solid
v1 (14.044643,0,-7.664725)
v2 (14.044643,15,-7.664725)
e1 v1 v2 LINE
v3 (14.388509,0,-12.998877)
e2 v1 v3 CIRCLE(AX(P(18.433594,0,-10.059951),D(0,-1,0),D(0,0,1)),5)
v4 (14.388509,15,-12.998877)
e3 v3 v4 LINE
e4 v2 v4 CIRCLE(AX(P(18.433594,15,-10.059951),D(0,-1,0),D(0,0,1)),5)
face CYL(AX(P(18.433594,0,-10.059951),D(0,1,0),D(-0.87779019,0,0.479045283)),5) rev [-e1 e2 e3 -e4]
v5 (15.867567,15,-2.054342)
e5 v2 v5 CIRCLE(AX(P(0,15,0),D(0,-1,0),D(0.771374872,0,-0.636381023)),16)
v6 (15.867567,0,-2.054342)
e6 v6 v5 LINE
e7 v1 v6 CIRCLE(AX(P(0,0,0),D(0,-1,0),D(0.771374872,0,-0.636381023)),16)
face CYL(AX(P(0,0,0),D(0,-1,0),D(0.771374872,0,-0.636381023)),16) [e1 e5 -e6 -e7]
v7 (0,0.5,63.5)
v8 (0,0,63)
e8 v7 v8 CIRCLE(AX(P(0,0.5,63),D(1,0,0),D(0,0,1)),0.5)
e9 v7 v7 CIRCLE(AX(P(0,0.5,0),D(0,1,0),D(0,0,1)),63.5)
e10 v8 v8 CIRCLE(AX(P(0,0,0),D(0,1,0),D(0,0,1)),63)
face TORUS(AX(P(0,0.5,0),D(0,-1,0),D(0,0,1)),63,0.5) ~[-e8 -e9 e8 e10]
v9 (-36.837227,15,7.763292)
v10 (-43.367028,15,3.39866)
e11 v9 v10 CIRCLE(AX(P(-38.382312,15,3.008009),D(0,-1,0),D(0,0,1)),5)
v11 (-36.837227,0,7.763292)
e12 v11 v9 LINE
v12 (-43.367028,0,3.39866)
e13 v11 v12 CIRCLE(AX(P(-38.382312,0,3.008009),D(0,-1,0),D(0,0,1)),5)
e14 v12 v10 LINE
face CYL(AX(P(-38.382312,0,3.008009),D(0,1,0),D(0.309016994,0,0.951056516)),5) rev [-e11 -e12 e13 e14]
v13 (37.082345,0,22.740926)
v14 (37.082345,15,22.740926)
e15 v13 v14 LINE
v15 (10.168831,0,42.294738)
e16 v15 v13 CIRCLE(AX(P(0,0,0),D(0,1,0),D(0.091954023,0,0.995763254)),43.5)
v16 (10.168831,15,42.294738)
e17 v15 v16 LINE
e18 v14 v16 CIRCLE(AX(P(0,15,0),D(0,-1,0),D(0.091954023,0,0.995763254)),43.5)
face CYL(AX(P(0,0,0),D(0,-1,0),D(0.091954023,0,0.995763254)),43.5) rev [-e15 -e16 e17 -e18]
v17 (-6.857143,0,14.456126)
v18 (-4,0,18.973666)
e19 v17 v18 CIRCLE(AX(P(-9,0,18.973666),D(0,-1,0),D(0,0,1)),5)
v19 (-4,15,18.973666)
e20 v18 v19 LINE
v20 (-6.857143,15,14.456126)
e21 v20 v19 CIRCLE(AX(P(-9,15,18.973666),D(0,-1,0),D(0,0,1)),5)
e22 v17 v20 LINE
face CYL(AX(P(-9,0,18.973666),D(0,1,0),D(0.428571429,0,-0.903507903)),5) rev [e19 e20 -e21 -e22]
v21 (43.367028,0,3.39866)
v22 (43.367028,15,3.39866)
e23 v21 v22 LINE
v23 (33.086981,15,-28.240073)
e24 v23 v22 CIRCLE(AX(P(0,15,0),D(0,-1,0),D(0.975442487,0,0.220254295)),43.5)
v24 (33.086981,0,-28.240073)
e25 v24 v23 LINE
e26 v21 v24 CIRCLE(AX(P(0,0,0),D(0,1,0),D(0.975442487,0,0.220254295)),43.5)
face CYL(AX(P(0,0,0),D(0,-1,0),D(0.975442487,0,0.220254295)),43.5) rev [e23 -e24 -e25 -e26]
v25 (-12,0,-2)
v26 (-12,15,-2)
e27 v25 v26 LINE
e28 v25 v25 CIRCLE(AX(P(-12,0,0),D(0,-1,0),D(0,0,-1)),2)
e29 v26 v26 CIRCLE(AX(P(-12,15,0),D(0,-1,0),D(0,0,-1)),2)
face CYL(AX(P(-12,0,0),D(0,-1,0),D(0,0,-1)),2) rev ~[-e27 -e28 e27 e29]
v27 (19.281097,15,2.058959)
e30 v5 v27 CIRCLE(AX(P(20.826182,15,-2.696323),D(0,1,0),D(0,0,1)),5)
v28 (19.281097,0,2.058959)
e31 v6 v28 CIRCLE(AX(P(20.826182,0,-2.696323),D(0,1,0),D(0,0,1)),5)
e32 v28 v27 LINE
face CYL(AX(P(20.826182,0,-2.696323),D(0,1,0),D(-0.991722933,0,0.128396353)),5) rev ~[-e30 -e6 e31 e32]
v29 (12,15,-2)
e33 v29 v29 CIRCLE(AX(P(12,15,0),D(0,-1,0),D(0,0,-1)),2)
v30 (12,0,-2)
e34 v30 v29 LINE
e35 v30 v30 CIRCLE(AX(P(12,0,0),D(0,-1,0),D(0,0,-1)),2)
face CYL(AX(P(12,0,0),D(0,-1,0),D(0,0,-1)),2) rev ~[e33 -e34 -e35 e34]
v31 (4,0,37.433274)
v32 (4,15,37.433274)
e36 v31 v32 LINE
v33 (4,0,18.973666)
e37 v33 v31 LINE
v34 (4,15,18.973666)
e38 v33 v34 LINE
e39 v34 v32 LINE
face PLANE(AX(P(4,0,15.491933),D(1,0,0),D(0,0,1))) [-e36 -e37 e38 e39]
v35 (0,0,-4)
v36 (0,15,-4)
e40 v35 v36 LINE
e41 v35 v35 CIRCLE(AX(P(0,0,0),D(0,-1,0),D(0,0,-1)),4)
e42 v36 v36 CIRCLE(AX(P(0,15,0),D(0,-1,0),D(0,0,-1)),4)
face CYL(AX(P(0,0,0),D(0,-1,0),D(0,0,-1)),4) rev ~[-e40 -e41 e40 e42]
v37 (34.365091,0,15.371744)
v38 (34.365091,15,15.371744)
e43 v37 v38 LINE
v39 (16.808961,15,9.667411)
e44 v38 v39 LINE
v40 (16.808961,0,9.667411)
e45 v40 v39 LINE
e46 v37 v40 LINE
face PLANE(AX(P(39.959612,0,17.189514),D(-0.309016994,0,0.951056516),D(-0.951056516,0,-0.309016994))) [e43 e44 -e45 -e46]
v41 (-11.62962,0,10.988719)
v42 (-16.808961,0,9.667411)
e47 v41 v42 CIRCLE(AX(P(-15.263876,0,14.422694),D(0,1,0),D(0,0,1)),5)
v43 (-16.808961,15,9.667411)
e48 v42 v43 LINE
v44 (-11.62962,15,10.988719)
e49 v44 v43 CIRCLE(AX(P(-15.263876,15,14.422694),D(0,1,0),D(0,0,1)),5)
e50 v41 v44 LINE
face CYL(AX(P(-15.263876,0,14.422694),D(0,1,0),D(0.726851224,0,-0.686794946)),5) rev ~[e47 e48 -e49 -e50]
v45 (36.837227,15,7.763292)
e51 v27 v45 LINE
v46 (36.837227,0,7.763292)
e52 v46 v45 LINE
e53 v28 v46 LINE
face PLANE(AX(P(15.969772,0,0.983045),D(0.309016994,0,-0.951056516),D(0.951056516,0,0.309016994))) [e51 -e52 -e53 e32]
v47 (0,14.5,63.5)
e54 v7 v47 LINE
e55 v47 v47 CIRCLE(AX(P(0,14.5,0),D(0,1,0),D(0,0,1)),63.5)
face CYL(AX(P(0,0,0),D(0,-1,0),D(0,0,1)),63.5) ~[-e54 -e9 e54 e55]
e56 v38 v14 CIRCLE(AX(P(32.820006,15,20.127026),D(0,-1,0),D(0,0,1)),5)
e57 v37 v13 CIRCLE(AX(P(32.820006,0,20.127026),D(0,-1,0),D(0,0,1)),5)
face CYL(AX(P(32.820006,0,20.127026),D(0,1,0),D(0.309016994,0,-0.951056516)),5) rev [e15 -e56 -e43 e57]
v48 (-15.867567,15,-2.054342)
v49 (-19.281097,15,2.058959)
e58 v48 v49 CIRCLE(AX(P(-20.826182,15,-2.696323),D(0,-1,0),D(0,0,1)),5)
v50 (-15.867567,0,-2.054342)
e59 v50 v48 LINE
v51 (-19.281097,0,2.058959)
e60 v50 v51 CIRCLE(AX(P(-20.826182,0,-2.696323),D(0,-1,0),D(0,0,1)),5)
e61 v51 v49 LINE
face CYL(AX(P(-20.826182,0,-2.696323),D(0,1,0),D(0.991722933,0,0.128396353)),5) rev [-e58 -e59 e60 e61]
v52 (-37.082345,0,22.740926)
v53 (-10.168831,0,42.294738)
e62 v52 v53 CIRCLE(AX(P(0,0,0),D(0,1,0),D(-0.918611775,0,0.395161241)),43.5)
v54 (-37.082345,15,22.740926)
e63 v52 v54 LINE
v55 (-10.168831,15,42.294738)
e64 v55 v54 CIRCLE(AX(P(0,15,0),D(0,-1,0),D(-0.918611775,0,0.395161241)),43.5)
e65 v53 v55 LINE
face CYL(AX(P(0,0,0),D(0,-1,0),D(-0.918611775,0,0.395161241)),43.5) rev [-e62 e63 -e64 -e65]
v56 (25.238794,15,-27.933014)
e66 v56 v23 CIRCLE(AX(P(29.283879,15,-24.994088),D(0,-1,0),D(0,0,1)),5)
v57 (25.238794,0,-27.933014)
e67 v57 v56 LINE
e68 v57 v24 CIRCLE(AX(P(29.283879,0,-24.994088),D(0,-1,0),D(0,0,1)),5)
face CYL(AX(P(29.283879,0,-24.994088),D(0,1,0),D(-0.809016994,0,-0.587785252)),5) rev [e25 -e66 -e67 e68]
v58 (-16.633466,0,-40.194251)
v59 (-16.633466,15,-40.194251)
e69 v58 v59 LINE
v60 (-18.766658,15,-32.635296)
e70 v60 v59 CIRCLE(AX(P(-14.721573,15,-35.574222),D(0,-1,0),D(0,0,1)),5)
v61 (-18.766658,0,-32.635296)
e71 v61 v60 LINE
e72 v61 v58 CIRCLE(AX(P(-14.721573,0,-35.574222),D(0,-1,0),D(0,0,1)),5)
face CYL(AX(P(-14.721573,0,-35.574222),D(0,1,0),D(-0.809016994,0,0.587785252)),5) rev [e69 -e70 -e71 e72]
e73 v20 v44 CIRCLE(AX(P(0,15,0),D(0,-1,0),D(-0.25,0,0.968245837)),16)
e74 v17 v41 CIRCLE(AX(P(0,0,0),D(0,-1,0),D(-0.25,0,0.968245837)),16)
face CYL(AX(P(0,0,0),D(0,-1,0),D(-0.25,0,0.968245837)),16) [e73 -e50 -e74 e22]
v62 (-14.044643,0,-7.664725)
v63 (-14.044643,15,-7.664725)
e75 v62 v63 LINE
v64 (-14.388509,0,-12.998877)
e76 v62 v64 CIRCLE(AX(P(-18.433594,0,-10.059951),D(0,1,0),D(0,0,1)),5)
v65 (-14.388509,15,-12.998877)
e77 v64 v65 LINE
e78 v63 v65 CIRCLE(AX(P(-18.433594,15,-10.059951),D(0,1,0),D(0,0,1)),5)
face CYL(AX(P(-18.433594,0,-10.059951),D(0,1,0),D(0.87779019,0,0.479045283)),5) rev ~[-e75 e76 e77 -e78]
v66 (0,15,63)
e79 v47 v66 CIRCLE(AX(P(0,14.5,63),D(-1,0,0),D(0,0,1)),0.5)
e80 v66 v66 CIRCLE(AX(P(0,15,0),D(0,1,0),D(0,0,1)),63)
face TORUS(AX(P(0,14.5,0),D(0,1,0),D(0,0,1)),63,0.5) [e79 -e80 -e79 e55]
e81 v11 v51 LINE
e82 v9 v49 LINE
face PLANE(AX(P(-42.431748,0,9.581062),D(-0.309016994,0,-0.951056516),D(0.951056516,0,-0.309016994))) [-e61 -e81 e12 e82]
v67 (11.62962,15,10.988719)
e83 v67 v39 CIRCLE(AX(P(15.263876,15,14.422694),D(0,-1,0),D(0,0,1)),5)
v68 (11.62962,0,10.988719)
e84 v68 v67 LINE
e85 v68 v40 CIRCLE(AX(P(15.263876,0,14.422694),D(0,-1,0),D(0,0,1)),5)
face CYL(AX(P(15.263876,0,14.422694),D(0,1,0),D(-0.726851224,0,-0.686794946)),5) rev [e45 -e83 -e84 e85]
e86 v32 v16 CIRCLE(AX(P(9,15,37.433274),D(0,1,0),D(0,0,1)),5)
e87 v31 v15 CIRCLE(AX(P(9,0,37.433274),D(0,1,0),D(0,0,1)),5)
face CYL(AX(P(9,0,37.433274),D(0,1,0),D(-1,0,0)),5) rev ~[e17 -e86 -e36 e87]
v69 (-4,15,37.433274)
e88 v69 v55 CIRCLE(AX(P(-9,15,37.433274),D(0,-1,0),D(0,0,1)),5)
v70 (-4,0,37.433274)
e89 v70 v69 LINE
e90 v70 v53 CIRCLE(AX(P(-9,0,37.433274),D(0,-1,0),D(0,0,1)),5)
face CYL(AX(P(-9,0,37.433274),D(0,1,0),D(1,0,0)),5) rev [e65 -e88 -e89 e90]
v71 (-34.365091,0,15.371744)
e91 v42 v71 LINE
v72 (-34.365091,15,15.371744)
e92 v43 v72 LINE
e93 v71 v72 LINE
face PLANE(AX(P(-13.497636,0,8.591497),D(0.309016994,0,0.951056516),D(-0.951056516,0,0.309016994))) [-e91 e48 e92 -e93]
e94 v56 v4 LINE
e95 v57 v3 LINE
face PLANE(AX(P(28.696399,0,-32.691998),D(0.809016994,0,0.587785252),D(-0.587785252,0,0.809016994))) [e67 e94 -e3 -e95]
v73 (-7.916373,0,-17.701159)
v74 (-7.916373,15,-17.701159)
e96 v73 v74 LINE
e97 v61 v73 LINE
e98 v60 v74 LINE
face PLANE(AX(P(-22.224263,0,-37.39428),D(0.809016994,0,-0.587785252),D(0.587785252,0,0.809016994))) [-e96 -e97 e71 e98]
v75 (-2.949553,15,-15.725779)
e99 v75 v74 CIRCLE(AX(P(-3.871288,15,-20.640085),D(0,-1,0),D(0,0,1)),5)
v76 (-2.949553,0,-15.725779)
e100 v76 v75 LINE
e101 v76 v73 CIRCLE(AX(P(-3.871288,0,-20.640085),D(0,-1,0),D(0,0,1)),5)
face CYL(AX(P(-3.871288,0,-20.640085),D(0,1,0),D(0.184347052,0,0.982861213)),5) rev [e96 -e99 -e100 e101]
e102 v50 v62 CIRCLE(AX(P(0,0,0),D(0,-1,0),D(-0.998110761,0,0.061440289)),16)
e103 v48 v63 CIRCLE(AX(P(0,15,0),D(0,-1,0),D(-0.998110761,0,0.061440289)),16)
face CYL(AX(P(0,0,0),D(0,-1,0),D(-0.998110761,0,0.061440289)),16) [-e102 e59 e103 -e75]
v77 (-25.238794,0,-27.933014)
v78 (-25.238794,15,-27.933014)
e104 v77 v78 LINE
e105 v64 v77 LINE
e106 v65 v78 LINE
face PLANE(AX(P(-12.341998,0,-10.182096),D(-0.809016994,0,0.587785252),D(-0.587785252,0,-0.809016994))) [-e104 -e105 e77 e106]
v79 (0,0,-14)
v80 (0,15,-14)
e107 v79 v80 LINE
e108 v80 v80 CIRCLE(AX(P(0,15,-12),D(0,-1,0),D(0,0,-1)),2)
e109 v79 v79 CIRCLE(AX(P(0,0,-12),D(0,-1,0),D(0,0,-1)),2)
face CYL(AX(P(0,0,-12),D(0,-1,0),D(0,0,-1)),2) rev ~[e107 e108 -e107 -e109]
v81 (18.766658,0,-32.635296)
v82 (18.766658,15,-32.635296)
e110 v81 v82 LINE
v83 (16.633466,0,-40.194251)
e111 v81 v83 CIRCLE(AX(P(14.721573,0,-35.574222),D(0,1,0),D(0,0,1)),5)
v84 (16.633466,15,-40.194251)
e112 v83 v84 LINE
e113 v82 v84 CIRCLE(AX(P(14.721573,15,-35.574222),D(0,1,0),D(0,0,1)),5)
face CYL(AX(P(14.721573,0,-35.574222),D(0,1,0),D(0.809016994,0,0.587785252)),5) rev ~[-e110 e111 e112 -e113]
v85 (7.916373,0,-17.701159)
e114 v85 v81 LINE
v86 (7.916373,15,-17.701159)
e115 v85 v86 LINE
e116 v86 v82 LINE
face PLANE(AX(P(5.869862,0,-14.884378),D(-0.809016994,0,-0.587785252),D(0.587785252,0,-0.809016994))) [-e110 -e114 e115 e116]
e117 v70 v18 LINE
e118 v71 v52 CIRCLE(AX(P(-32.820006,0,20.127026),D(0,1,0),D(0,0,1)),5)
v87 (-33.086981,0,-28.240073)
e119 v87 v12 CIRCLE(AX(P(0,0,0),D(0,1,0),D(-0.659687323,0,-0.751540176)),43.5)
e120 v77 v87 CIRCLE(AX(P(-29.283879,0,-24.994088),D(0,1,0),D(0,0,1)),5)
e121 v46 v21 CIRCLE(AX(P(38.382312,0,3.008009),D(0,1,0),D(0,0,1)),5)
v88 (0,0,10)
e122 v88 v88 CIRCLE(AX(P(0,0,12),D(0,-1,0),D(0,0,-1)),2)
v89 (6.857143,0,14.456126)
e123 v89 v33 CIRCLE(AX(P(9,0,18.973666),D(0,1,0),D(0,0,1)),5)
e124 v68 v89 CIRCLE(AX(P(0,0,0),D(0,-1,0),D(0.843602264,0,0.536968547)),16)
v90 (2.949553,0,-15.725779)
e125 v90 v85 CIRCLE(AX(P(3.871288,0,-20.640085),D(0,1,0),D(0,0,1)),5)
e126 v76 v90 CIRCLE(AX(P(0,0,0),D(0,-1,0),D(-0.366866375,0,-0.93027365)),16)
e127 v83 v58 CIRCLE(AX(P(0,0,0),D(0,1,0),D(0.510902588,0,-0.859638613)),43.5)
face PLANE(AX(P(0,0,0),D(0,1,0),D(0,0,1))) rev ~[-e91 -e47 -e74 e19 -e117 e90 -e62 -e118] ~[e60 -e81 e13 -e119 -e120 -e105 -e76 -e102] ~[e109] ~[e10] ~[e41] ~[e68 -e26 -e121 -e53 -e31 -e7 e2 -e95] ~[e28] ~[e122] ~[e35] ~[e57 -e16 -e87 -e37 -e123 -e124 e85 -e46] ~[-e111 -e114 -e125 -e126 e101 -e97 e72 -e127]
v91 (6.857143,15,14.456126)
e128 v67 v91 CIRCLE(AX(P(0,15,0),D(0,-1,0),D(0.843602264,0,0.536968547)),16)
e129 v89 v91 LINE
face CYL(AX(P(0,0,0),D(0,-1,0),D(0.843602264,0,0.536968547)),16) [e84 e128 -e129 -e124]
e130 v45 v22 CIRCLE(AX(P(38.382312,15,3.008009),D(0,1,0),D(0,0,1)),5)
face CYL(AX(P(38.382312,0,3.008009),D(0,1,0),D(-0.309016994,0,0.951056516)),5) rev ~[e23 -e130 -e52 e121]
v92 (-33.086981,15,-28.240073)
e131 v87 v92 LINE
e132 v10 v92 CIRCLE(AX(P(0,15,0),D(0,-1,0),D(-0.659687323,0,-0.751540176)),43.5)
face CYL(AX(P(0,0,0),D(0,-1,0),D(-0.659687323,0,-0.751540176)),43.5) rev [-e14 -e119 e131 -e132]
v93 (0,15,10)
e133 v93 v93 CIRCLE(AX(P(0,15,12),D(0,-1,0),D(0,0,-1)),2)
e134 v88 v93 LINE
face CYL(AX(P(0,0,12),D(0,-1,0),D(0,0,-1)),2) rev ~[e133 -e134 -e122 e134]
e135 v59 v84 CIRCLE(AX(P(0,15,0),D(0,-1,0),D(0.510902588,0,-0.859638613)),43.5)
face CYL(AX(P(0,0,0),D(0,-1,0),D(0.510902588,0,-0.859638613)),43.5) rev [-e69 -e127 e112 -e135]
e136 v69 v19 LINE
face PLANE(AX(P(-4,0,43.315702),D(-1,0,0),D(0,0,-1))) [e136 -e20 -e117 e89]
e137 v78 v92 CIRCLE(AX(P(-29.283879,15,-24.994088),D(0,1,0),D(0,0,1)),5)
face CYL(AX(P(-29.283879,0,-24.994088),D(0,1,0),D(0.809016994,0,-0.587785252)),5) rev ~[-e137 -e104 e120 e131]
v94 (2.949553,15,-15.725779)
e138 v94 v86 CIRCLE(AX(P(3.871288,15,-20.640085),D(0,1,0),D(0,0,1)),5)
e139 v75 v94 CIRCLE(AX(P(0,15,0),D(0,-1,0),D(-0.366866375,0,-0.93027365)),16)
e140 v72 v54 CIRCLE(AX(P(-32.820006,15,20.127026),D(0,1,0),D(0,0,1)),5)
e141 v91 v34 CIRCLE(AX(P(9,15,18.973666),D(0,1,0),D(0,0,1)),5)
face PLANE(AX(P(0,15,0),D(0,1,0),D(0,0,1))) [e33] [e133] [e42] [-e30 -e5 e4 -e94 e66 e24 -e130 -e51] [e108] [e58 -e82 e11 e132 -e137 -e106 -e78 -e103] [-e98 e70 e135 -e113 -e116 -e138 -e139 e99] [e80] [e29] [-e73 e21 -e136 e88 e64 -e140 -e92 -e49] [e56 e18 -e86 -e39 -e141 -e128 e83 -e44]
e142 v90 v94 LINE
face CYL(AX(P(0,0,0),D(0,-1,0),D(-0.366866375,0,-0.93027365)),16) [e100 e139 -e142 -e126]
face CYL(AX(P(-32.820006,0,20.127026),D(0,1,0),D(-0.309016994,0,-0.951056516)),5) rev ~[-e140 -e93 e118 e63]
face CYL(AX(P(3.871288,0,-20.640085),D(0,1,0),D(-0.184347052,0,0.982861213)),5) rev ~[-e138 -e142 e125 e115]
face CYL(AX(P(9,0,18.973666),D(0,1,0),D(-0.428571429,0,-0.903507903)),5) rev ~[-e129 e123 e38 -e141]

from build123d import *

# Parameters (mm, degrees)
SKETCH2_R           = 63.5
BOSS_EXTRUDE1_DEPTH = 15
FILLET2_R           = 0.5
CUT_EXTRUDE3_REACH  = 93.047
CUT_EXTRUDE4_REACH  = 93.047
SKETCH6_R           = 2
FILLET3_R           = 5
SKETCH6_4_R         = 2
SKETCH6_4_R_2       = 4
CUT_EXTRUDE5_DEPTH  = 92.046691388


with BuildPart() as part:
    # Sketch2 → Boss-Extrude1 (new body)
    with BuildSketch(Plane(origin=(0, 0, 0), x_dir=(1, 0, 0), z_dir=(0, 1, 0))):
        Circle(SKETCH2_R)
    extrude(amount=BOSS_EXTRUDE1_DEPTH)

    # Fillet2
    fillet2_edges = [part.edges().sort_by_distance(p)[0] for p in [
        (-63.5, 15, 0),
        (-63.5, 0, 0),
    ]]
    fillet(fillet2_edges, radius=FILLET2_R)

    # Sketch5 → Cut-Extrude3 (cut, up to next)
    with BuildSketch(Plane.XZ, mode=Mode.PRIVATE) as cut_extrude3_sk1:
        with BuildLine():
            ThreePointArc((-13.497636218, 8.591496757), (-9.404564037, 12.94427191), (-4, 15.491933385))
            Line((-4, 15.491933385), (-4, 43.315701541))
            ThreePointArc((-4, 43.315701541), (-25.568658475, 35.192239255), (-39.959612231, 17.189513965))
            Line((-39.959612231, 17.189513965), (-13.497636218, 8.591496757))
        make_face()
    cut_extrude3_tool1 = extrude(cut_extrude3_sk1.sketch, amount=-CUT_EXTRUDE3_REACH, mode=Mode.PRIVATE) & part.part
    # Sketch5 → Cut-Extrude3 (cut, up to next)
    with BuildSketch(Plane.XZ, mode=Mode.PRIVATE) as cut_extrude3_sk2:
        with BuildLine():
            Line((4, 43.315701541), (4, 15.491933385))
            ThreePointArc((4, 15.491933385), (9.404564037, 12.94427191), (13.497636218, 8.591496757))
            Line((13.497636218, 8.591496757), (39.959612231, 17.189513965))
            ThreePointArc((39.959612231, 17.189513965), (25.568658475, 35.192239255), (4, 43.315701541))
        make_face()
    cut_extrude3_tool2 = extrude(cut_extrude3_sk2.sketch, amount=-CUT_EXTRUDE3_REACH, mode=Mode.PRIVATE) & part.part
    # Sketch5 → Cut-Extrude3 (cut, up to next)
    with BuildSketch(Plane.XZ, mode=Mode.PRIVATE) as cut_extrude3_sk3:
        with BuildLine():
            Line((42.431748186, 9.581061834), (15.969772173, 0.983044626))
            ThreePointArc((15.969772173, 0.983044626), (15.216904261, -4.94427191), (12.341997951, -10.182096375))
            Line((12.341997951, -10.182096375), (28.696398536, -32.691997661))
            ThreePointArc((28.696398536, -32.691997661), (41.370958459, -13.442239255), (42.431748186, 9.581061834))
        make_face()
    cut_extrude3_tool3 = extrude(cut_extrude3_sk3.sketch, amount=-CUT_EXTRUDE3_REACH, mode=Mode.PRIVATE) & part.part
    # Sketch5 → Cut-Extrude3 (cut, up to next)
    with BuildSketch(Plane.XZ, mode=Mode.PRIVATE) as cut_extrude3_sk4:
        with BuildLine():
            Line((22.224262581, -37.394279679), (5.869861996, -14.884378393))
            ThreePointArc((5.869861996, -14.884378393), (0, -16), (-5.869861996, -14.884378393))
            Line((-5.869861996, -14.884378393), (-22.224262581, -37.394279679))
            ThreePointArc((-22.224262581, -37.394279679), (0, -43.5), (22.224262581, -37.394279679))
        make_face()
    cut_extrude3_tool4 = extrude(cut_extrude3_sk4.sketch, amount=-CUT_EXTRUDE3_REACH, mode=Mode.PRIVATE) & part.part
    # Sketch5 → Cut-Extrude3 (cut, up to next)
    with BuildSketch(Plane.XZ, mode=Mode.PRIVATE) as cut_extrude3_sk5:
        with BuildLine():
            Line((-28.696398536, -32.691997661), (-12.341997951, -10.182096375))
            ThreePointArc((-12.341997951, -10.182096375), (-15.216904261, -4.94427191), (-15.969772173, 0.983044626))
            Line((-15.969772173, 0.983044626), (-42.431748186, 9.581061834))
            ThreePointArc((-42.431748186, 9.581061834), (-41.370958459, -13.442239255), (-28.696398536, -32.691997661))
        make_face()
    cut_extrude3_tool5 = extrude(cut_extrude3_sk5.sketch, amount=-CUT_EXTRUDE3_REACH, mode=Mode.PRIVATE) & part.part
    add(cut_extrude3_tool1.solids().sort_by_distance((-18.272678, 0, 25.150183))[0], mode=Mode.SUBTRACT)
    add(cut_extrude3_tool2.solids().sort_by_distance((18.272678, 0, 25.150183))[0], mode=Mode.SUBTRACT)
    add(cut_extrude3_tool3.solids().sort_by_distance((29.565814, 0, -9.606515))[0], mode=Mode.SUBTRACT)
    add(cut_extrude3_tool4.solids().sort_by_distance((0, 0, -31.087336))[0], mode=Mode.SUBTRACT)
    add(cut_extrude3_tool5.solids().sort_by_distance((-29.565814, 0, -9.606515))[0], mode=Mode.SUBTRACT)

    # Sketch6 → Cut-Extrude4 (cut, up to next)
    with BuildSketch(Plane.XZ, mode=Mode.PRIVATE) as cut_extrude4_sk1:
        with Locations((12, 0)):
            Circle(SKETCH6_R)
    cut_extrude4_tool1 = extrude(cut_extrude4_sk1.sketch, amount=-CUT_EXTRUDE4_REACH, mode=Mode.PRIVATE) & part.part
    # Sketch6 → Cut-Extrude4 (cut, up to next)
    with BuildSketch(Plane.XZ, mode=Mode.PRIVATE) as cut_extrude4_sk2:
        with Locations((0, -12)):
            Circle(SKETCH6_R)
    cut_extrude4_tool2 = extrude(cut_extrude4_sk2.sketch, amount=-CUT_EXTRUDE4_REACH, mode=Mode.PRIVATE) & part.part
    # Sketch6 → Cut-Extrude4 (cut, up to next)
    with BuildSketch(Plane.XZ, mode=Mode.PRIVATE) as cut_extrude4_sk3:
        with Locations((-12, 0)):
            Circle(SKETCH6_R)
    cut_extrude4_tool3 = extrude(cut_extrude4_sk3.sketch, amount=-CUT_EXTRUDE4_REACH, mode=Mode.PRIVATE) & part.part
    # Sketch6 → Cut-Extrude4 (cut, up to next)
    with BuildSketch(Plane.XZ, mode=Mode.PRIVATE) as cut_extrude4_sk4:
        with Locations((0, 12)):
            Circle(SKETCH6_R)
    cut_extrude4_tool4 = extrude(cut_extrude4_sk4.sketch, amount=-CUT_EXTRUDE4_REACH, mode=Mode.PRIVATE) & part.part
    add(cut_extrude4_tool1.solids().sort_by_distance((12, 0, 0))[0], mode=Mode.SUBTRACT)
    add(cut_extrude4_tool2.solids().sort_by_distance((0, 0, -12))[0], mode=Mode.SUBTRACT)
    add(cut_extrude4_tool3.solids().sort_by_distance((-12, 0, 0))[0], mode=Mode.SUBTRACT)
    add(cut_extrude4_tool4.solids().sort_by_distance((0, 0, 12))[0], mode=Mode.SUBTRACT)

    # Fillet3
    fillet3_edges = [part.edges().sort_by_distance(p)[0] for p in [
        (13.497636218, 7.5, 8.591496757),
        (4, 7.5, 15.491933385),
        (39.959612231, 7.5, 17.189513965),
        (4, 7.5, 43.315701541),
        (-4, 7.5, 43.315701541),
        (-4, 7.5, 15.491933385),
        (-13.497636218, 7.5, 8.591496757),
        (-39.959612231, 7.5, 17.189513965),
        (-42.431748186, 7.5, 9.581061834),
        (-15.969772173, 7.5, 0.983044626),
        (-12.341997951, 7.5, -10.182096375),
        (-28.696398536, 7.5, -32.691997661),
        (-22.224262581, 7.5, -37.394279679),
        (22.224262581, 7.5, -37.394279679),
        (5.869861996, 7.5, -14.884378393),
        (28.696398536, 7.5, -32.691997661),
        (42.431748186, 7.5, 9.581061834),
        (-5.869861996, 7.5, -14.884378393),
        (12.341997951, 7.5, -10.182096375),
        (15.969772173, 7.5, 0.983044626),
    ]]
    fillet(fillet3_edges, radius=FILLET3_R)

    # Sketch6<4> → Cut-Extrude5 (cut, through all)
    with BuildSketch(Plane.XZ):
        with Locations((12, 0)):
            Circle(SKETCH6_4_R)
        with Locations((0, -12)):
            Circle(SKETCH6_4_R)
        with Locations((-12, 0)):
            Circle(SKETCH6_4_R)
        with Locations((0, 12)):
            Circle(SKETCH6_4_R)
        Circle(SKETCH6_4_R_2)
    extrude(amount=-CUT_EXTRUDE5_DEPTH, mode=Mode.SUBTRACT)


solid = part.part
